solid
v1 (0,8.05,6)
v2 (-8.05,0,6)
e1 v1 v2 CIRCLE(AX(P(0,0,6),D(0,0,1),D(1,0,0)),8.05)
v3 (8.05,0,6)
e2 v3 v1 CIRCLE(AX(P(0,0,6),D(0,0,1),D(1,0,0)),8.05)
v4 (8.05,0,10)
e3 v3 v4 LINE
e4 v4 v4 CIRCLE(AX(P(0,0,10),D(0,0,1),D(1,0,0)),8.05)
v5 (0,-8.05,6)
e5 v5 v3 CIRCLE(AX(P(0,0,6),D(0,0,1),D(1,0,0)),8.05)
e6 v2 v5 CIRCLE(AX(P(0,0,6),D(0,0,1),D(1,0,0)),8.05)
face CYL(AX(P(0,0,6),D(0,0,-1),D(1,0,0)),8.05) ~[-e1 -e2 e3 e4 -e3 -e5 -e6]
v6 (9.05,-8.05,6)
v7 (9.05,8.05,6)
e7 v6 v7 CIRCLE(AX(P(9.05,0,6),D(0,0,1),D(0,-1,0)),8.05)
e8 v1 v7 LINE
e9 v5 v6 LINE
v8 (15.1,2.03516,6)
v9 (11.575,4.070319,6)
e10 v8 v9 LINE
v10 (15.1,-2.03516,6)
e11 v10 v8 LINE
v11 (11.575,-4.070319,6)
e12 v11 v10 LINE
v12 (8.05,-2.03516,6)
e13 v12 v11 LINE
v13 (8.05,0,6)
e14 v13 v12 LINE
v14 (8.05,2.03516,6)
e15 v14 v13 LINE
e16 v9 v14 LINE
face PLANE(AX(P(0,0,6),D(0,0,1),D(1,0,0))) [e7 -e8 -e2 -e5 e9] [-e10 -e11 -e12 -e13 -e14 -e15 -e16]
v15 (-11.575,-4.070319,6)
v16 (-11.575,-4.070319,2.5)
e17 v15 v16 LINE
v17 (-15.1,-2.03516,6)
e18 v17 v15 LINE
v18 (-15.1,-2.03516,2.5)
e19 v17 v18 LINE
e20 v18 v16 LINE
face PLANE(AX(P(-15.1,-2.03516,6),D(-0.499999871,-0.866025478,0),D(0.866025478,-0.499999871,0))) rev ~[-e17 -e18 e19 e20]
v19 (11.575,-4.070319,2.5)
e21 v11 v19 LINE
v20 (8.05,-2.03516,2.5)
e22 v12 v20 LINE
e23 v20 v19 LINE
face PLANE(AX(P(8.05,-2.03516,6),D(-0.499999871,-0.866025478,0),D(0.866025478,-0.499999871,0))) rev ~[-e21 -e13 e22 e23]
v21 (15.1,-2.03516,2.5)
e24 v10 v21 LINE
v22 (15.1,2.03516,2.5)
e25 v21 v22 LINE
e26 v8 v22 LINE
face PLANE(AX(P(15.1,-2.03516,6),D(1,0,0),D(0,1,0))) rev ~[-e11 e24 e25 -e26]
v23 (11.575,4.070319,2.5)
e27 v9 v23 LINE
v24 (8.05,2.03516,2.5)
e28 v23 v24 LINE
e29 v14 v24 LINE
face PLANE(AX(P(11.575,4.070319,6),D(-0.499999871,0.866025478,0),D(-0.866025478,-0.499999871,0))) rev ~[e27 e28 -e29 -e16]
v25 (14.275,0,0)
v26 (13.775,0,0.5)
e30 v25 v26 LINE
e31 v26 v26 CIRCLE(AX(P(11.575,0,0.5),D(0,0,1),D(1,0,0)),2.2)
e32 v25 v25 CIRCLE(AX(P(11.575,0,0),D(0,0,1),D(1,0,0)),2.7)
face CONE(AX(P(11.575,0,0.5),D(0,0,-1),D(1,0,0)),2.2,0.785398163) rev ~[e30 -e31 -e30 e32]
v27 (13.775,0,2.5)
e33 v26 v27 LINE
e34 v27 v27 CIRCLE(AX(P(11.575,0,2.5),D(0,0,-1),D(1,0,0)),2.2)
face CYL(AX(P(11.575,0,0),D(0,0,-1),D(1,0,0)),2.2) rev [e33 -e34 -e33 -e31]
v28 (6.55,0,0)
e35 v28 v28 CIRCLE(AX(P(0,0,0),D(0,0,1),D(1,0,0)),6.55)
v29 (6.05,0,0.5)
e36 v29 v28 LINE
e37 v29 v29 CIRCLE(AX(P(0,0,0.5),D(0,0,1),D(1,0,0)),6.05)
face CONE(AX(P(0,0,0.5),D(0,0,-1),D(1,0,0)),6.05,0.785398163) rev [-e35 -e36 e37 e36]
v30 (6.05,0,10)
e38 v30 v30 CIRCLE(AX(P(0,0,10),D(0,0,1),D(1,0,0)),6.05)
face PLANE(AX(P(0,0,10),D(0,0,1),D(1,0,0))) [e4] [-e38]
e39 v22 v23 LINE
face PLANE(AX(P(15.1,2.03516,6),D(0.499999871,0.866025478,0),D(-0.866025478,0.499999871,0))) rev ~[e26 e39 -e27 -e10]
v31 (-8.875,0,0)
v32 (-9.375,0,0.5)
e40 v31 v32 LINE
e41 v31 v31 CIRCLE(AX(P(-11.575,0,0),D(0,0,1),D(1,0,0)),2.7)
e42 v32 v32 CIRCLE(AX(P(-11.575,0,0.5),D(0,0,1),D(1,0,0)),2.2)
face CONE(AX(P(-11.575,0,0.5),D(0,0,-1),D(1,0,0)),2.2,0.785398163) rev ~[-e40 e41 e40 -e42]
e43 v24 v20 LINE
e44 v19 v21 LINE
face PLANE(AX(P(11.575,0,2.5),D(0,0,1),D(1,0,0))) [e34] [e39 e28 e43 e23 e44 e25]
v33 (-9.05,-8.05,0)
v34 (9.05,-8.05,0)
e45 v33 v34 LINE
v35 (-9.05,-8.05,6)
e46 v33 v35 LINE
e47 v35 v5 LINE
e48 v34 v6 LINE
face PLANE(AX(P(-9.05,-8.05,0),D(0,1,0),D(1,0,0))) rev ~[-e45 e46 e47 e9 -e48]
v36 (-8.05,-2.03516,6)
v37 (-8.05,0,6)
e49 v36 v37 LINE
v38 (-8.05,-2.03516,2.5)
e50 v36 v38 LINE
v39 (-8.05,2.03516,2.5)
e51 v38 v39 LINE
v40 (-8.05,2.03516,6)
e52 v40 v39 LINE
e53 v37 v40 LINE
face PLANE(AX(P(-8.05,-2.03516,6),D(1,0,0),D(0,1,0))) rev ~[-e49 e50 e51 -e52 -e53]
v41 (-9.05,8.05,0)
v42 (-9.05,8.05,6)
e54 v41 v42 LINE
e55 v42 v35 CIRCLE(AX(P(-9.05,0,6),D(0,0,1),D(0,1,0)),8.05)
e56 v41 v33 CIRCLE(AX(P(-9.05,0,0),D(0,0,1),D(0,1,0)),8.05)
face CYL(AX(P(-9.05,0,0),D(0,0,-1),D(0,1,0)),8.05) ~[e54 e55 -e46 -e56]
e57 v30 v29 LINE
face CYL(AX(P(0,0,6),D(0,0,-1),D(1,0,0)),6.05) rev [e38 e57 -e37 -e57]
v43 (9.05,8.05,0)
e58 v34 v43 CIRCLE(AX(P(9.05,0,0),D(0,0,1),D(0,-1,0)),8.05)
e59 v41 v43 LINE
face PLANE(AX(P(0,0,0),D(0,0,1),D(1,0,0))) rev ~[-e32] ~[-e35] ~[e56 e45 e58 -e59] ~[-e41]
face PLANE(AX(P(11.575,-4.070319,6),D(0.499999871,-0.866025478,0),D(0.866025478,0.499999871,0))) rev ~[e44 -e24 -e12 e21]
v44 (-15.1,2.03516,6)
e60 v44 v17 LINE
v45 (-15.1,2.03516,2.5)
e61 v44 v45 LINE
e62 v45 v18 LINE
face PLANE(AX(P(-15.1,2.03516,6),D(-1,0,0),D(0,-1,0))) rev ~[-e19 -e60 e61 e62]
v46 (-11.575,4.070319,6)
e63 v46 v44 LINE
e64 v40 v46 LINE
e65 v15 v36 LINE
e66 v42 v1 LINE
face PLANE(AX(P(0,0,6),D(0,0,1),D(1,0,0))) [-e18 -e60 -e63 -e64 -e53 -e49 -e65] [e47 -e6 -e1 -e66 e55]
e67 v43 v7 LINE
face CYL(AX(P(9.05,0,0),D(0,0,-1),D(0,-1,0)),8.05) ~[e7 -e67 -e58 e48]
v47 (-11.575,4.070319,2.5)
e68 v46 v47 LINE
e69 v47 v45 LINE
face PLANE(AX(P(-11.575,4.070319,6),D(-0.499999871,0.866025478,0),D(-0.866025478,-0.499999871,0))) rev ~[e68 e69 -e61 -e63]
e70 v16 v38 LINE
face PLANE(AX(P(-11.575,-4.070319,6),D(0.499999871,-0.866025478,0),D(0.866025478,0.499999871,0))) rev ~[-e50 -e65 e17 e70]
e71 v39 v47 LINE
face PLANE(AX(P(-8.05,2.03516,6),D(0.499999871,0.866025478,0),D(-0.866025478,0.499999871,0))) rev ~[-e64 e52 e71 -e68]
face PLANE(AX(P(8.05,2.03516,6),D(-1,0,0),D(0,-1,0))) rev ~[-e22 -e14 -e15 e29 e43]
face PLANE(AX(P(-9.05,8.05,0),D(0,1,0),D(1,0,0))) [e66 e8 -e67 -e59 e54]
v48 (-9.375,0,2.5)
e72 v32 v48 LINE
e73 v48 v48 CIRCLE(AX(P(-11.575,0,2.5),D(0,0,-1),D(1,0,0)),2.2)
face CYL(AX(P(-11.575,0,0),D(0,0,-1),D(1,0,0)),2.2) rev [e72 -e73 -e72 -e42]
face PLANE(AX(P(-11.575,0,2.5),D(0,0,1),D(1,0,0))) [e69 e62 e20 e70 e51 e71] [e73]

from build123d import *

# Parameters (mm, degrees)
SKETCH_R      = 6.05
SKETCH_R_2    = 2.2
PAD_DEPTH     = 6
POCKET_DEPTH  = 3.5
SKETCH002_R   = 8.05
SKETCH002_R_2 = 6.05
PAD001_DEPTH  = 4
CHAMFER_SIZE  = 0.5


with BuildPart() as part:
    # Sketch → Pad (new body)
    with BuildSketch(Plane.XY):
        with BuildLine():
            ThreePointArc((-9.05, 8.05), (-17.1, 0), (-9.05, -8.05))
            Line((-9.05, -8.05), (9.05, -8.05))
            ThreePointArc((9.05, -8.05), (17.1, 0), (9.05, 8.05))
            Line((-9.05, 8.05), (9.05, 8.05))
        make_face()
        Circle(SKETCH_R, mode=Mode.SUBTRACT)
        with Locations((-11.575, 0)):
            Circle(SKETCH_R_2, mode=Mode.SUBTRACT)
        with Locations((11.575, 0)):
            Circle(SKETCH_R_2, mode=Mode.SUBTRACT)
    extrude(amount=PAD_DEPTH)

    # Sketch001 → Pocket (cut)
    with BuildSketch(Plane.XY.offset(6)):
        Polygon((-11.575, -4.070319), (-8.05, -2.03516), (-8.05, 2.03516), (-11.575, 4.070319), (-15.1, 2.03516), (-15.1, -2.03516), align=None)
        Polygon((11.575, -4.070319), (15.1, -2.03516), (15.1, 2.03516), (11.575, 4.070319), (8.05, 2.03516), (8.05, -2.03516), align=None)
    extrude(amount=-POCKET_DEPTH, mode=Mode.SUBTRACT)

    # Sketch002 → Pad001 (new body)
    with BuildSketch(Plane.XY.offset(6)):
        Circle(SKETCH002_R)
        Circle(SKETCH002_R_2, mode=Mode.SUBTRACT)
    extrude(amount=PAD001_DEPTH)

    # Chamfer
    chamfer_edges = [part.edges().sort_by_distance(p)[0] for p in [
        (-13.775, 0, 0),
        (-6.05, 0, 0),
        (9.375, 0, 0),
    ]]
    chamfer(chamfer_edges, length=CHAMFER_SIZE)


solid = part.part
